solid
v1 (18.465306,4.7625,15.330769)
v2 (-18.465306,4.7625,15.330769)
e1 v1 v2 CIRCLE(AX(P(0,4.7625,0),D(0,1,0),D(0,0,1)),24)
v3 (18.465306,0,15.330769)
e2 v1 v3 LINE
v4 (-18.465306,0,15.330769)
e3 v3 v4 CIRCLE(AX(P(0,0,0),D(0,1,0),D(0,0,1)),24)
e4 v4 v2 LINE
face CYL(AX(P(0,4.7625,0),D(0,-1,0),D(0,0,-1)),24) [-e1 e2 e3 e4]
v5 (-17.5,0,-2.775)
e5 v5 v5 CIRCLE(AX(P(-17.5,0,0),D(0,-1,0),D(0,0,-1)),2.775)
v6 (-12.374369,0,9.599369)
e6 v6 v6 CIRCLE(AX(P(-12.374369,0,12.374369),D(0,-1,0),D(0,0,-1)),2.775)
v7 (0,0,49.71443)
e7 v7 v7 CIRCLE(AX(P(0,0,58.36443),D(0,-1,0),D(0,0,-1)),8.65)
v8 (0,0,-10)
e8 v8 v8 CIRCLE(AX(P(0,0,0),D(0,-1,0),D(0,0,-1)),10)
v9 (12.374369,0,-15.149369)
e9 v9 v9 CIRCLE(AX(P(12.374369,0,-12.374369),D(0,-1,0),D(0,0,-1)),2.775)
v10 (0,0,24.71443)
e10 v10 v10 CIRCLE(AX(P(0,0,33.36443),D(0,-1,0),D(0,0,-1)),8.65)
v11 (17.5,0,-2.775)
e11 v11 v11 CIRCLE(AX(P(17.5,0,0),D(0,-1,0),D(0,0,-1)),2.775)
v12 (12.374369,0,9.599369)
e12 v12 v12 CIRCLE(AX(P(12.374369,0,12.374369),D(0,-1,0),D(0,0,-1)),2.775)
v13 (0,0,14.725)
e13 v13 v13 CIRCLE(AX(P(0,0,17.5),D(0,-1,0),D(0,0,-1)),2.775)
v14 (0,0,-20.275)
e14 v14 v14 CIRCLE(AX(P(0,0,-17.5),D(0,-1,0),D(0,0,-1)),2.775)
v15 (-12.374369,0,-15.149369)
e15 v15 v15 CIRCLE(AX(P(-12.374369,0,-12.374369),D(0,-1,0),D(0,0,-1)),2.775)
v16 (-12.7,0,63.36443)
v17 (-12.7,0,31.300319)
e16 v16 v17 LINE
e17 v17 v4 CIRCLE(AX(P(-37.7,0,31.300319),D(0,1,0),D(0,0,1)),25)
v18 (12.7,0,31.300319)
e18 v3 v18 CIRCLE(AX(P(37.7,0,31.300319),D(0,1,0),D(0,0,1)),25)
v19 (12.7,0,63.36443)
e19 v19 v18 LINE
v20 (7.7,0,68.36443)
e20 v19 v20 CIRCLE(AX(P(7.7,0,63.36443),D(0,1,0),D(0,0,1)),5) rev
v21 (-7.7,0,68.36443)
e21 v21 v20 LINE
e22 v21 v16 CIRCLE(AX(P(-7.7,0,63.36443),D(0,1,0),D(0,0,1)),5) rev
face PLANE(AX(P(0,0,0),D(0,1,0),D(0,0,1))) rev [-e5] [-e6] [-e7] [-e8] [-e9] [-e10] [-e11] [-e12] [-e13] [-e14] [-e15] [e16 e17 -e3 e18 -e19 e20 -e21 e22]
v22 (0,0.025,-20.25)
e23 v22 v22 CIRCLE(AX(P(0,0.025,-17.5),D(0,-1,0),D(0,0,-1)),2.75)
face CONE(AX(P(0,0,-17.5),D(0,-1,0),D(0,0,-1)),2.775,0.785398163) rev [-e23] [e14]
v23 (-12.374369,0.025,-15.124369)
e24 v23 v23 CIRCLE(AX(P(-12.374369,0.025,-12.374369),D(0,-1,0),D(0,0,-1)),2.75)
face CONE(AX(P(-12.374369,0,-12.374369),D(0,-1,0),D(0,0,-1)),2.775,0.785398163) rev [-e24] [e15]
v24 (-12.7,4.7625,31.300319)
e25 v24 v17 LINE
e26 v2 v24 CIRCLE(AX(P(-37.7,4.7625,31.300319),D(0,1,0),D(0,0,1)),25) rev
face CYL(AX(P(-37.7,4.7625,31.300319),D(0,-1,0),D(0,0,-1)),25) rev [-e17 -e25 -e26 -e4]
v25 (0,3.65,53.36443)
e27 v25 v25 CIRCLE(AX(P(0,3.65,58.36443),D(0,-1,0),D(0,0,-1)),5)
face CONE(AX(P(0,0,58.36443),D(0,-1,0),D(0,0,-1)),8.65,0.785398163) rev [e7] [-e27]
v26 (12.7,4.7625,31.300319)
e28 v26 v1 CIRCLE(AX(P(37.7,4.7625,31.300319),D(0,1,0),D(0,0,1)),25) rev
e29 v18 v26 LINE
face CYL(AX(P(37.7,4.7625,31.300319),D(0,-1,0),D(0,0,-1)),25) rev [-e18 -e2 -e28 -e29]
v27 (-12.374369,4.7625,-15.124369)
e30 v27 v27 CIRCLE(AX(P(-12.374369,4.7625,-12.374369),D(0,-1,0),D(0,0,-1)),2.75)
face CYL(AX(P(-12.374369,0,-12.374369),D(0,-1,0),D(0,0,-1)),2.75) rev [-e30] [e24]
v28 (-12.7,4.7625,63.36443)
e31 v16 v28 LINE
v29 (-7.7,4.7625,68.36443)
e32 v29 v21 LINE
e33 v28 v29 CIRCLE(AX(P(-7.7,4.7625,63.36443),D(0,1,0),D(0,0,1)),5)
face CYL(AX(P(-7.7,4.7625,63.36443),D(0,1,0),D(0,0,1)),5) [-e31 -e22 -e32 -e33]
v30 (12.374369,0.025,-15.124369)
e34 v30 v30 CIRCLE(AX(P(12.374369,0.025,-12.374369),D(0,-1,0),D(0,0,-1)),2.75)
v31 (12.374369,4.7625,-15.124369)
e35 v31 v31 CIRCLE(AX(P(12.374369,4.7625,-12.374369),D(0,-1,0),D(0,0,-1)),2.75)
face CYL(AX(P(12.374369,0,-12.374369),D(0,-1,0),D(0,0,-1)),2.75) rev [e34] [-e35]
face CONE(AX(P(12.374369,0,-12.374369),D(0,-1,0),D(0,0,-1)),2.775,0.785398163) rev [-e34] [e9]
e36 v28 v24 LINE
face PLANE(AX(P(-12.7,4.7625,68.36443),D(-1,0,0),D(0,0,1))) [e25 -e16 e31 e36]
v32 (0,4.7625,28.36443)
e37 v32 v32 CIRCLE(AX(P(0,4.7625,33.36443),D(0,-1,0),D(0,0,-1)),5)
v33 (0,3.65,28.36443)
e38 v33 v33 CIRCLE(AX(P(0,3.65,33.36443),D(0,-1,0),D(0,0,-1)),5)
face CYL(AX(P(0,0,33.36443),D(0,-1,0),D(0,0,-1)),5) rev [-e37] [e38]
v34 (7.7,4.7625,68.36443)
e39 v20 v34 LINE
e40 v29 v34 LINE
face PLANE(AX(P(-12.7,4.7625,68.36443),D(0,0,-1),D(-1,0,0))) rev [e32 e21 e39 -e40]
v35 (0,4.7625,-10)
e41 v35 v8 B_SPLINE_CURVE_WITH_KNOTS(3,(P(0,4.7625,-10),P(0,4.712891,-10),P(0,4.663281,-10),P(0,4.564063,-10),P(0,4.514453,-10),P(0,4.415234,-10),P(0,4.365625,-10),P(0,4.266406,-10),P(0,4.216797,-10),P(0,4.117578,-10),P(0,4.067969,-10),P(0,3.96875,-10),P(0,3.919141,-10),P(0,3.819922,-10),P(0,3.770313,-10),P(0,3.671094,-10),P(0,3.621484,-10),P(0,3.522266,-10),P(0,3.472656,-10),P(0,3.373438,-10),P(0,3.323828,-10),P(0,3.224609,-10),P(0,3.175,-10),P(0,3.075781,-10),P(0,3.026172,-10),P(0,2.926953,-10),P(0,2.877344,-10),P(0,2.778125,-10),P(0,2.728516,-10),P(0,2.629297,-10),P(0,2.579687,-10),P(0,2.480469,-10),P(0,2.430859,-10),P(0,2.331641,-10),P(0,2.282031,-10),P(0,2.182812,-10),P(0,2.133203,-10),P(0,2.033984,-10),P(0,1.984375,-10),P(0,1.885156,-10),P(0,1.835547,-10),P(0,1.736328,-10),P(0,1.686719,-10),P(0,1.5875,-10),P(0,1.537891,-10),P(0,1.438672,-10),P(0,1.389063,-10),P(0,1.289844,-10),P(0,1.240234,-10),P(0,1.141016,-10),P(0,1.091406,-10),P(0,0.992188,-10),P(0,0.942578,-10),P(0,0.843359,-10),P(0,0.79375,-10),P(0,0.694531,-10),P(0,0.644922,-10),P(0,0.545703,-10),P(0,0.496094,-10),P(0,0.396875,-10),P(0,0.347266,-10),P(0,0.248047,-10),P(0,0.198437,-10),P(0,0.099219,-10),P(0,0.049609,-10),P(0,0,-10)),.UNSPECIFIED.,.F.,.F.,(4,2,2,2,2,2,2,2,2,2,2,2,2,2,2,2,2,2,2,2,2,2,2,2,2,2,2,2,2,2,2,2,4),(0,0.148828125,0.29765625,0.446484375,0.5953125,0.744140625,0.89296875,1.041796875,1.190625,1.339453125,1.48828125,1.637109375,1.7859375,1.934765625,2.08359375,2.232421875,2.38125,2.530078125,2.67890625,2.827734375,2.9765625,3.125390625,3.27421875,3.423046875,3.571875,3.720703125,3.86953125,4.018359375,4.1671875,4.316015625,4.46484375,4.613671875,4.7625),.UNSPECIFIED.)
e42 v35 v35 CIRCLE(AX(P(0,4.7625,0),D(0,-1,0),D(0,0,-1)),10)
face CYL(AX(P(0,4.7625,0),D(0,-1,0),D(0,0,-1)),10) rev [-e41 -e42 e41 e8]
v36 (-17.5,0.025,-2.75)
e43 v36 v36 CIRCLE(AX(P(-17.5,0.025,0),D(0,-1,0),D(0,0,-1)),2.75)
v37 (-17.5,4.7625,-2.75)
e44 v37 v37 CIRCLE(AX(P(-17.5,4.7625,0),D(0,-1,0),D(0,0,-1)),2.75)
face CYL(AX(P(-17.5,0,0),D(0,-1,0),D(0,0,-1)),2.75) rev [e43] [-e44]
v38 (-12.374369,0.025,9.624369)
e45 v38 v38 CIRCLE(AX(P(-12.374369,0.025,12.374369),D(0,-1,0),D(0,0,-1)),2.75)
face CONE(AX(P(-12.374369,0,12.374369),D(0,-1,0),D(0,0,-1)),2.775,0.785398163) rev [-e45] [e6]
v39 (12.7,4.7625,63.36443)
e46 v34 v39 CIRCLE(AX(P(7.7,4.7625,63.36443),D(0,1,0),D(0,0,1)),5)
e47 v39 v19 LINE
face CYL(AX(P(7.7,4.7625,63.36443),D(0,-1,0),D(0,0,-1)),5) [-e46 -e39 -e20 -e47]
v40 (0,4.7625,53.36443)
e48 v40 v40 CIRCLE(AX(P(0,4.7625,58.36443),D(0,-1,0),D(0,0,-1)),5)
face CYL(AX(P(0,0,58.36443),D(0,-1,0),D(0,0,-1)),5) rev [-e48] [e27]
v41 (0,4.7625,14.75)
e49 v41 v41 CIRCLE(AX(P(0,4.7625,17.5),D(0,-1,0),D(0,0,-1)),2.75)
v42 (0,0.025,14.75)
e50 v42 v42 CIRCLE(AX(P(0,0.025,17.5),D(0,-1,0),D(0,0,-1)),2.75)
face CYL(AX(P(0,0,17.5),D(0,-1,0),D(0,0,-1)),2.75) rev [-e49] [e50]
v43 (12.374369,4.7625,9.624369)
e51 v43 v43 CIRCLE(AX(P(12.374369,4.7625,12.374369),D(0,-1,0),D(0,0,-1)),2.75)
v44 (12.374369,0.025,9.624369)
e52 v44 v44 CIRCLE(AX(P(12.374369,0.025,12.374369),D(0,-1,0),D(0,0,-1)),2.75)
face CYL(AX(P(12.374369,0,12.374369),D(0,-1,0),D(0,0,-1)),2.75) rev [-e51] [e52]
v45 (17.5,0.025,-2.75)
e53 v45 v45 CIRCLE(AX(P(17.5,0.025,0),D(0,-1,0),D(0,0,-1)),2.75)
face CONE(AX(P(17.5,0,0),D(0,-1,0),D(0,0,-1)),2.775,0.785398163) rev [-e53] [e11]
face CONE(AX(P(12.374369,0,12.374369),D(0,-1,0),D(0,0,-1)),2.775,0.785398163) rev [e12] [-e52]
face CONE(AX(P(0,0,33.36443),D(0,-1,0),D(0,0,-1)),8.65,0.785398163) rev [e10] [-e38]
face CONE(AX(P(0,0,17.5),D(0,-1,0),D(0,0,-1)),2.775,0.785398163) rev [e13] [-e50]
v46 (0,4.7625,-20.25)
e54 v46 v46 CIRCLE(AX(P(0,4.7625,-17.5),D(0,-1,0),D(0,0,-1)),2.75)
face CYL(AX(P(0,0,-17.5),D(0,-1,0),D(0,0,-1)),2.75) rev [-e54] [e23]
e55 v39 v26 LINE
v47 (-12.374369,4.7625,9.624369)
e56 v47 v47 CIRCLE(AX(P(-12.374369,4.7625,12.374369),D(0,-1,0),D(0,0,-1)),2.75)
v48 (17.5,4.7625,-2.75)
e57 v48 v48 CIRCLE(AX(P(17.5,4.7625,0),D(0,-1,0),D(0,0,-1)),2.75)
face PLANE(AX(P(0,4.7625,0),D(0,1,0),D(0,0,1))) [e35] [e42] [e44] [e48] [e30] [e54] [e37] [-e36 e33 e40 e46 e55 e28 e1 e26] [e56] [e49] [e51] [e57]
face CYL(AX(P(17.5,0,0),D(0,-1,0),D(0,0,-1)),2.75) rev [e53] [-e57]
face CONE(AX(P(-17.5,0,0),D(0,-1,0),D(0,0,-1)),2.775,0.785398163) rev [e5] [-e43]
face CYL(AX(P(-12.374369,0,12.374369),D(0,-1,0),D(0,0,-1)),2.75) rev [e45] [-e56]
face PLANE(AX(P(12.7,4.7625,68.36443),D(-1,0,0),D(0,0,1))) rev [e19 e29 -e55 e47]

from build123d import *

# Parameters (mm, degrees)
BOSS_EXTRUDE1_DEPTH                            = 4.7625
M5_CLEARANCE_HOLE1_D                           = 5.5
M5_CLEARANCE_HOLE1_CSINK_D                     = 5.55
M5_CLEARANCE_HOLE1_CSINK_ANGLE                 = 90
SKETCH5_R                                      = 10
CUT_EXTRUDE1_DEPTH                             = 73.611133199
CSK_FOR_M8_FLAT_HEAD_MACHINE_SCREW1_AT_2_COUNT = 2
CSK_FOR_M8_FLAT_HEAD_MACHINE_SCREW1_AT_2_PITCH = 25
FILLET1_R                                      = 25
FILLET2_R                                      = 5


with BuildPart() as part:
    # Sketch1 → Boss-Extrude1 (new body)
    with BuildSketch(Plane(origin=(0, 0, 0), x_dir=(1, 0, 0), z_dir=(0, 1, 0))):
        with BuildLine():
            Line((-12.7, -68.364429774), (12.7, -68.364429774))
            Line((12.7, -68.364429774), (12.7, -20.364429774))
            ThreePointArc((12.7, -20.364429774), (0, 24), (-12.7, -20.364429774))
            Line((-12.7, -20.364429774), (-12.7, -68.364429774))
        make_face()
    extrude(amount=BOSS_EXTRUDE1_DEPTH)

    # M5 Clearance Hole1 (through all)
    with Locations(Plane(origin=(0, 0, 0), x_dir=(-1, 0, 0), z_dir=(0, -1, 0))):
        with Locations((0, 17.5), (12.374368671, 12.374368671), (17.5, 0), (12.374368671, -12.374368671), (0, -17.5), (-12.374368671, -12.374368671), (-17.5, 0), (-12.374368671, 12.374368671)):
            CounterSinkHole(M5_CLEARANCE_HOLE1_D / 2, M5_CLEARANCE_HOLE1_CSINK_D / 2, counter_sink_angle=M5_CLEARANCE_HOLE1_CSINK_ANGLE)

    # Sketch5 → Cut-Extrude1 (cut, through all)
    with BuildSketch(Plane.XZ):
        with Locations(Location((0, 0, 0), (0, 0, 270))):
            Circle(SKETCH5_R)
    extrude(amount=-CUT_EXTRUDE1_DEPTH, mode=Mode.SUBTRACT)

    # Sketch8 → CSK for M8 Flat Head Machine Screw1 (revolve, cut)
    with BuildSketch(Plane(origin=(0, 0, 33.364429774), x_dir=(0, 0, -1), z_dir=(1, 0, 0))):
        Polygon((0, 0), (0, 4.7625), (5, 4.7625), (5, 3.65), (8.65, 0), align=None)
    csk_for_m8_flat_head_machine_screw1 = revolve(axis=Axis((0, -6.35, 33.364429774), (0, 1, 0)), mode=Mode.SUBTRACT)

    # CSK for M8 Flat Head Machine Screw1 at 2: CSK for M8 Flat Head Machine Screw1 ×2
    with Locations(*[(0, 0, i * CSK_FOR_M8_FLAT_HEAD_MACHINE_SCREW1_AT_2_PITCH) for i in range(1, CSK_FOR_M8_FLAT_HEAD_MACHINE_SCREW1_AT_2_COUNT)]):
        add(csk_for_m8_flat_head_machine_screw1, mode=Mode.SUBTRACT)

    # Fillet1
    fillet1_edges = [part.edges().sort_by_distance(p)[0] for p in [
        (-12.7, 2.38125, 20.364429774),
        (12.7, 2.38125, 20.364429774),
    ]]
    fillet(fillet1_edges, radius=FILLET1_R)

    # Fillet2
    fillet2_edges = [part.edges().sort_by_distance(p)[0] for p in [
        (12.7, 2.38125, 68.364429774),
        (-12.7, 2.38125, 68.364429774),
    ]]
    fillet(fillet2_edges, radius=FILLET2_R)


solid = part.part
